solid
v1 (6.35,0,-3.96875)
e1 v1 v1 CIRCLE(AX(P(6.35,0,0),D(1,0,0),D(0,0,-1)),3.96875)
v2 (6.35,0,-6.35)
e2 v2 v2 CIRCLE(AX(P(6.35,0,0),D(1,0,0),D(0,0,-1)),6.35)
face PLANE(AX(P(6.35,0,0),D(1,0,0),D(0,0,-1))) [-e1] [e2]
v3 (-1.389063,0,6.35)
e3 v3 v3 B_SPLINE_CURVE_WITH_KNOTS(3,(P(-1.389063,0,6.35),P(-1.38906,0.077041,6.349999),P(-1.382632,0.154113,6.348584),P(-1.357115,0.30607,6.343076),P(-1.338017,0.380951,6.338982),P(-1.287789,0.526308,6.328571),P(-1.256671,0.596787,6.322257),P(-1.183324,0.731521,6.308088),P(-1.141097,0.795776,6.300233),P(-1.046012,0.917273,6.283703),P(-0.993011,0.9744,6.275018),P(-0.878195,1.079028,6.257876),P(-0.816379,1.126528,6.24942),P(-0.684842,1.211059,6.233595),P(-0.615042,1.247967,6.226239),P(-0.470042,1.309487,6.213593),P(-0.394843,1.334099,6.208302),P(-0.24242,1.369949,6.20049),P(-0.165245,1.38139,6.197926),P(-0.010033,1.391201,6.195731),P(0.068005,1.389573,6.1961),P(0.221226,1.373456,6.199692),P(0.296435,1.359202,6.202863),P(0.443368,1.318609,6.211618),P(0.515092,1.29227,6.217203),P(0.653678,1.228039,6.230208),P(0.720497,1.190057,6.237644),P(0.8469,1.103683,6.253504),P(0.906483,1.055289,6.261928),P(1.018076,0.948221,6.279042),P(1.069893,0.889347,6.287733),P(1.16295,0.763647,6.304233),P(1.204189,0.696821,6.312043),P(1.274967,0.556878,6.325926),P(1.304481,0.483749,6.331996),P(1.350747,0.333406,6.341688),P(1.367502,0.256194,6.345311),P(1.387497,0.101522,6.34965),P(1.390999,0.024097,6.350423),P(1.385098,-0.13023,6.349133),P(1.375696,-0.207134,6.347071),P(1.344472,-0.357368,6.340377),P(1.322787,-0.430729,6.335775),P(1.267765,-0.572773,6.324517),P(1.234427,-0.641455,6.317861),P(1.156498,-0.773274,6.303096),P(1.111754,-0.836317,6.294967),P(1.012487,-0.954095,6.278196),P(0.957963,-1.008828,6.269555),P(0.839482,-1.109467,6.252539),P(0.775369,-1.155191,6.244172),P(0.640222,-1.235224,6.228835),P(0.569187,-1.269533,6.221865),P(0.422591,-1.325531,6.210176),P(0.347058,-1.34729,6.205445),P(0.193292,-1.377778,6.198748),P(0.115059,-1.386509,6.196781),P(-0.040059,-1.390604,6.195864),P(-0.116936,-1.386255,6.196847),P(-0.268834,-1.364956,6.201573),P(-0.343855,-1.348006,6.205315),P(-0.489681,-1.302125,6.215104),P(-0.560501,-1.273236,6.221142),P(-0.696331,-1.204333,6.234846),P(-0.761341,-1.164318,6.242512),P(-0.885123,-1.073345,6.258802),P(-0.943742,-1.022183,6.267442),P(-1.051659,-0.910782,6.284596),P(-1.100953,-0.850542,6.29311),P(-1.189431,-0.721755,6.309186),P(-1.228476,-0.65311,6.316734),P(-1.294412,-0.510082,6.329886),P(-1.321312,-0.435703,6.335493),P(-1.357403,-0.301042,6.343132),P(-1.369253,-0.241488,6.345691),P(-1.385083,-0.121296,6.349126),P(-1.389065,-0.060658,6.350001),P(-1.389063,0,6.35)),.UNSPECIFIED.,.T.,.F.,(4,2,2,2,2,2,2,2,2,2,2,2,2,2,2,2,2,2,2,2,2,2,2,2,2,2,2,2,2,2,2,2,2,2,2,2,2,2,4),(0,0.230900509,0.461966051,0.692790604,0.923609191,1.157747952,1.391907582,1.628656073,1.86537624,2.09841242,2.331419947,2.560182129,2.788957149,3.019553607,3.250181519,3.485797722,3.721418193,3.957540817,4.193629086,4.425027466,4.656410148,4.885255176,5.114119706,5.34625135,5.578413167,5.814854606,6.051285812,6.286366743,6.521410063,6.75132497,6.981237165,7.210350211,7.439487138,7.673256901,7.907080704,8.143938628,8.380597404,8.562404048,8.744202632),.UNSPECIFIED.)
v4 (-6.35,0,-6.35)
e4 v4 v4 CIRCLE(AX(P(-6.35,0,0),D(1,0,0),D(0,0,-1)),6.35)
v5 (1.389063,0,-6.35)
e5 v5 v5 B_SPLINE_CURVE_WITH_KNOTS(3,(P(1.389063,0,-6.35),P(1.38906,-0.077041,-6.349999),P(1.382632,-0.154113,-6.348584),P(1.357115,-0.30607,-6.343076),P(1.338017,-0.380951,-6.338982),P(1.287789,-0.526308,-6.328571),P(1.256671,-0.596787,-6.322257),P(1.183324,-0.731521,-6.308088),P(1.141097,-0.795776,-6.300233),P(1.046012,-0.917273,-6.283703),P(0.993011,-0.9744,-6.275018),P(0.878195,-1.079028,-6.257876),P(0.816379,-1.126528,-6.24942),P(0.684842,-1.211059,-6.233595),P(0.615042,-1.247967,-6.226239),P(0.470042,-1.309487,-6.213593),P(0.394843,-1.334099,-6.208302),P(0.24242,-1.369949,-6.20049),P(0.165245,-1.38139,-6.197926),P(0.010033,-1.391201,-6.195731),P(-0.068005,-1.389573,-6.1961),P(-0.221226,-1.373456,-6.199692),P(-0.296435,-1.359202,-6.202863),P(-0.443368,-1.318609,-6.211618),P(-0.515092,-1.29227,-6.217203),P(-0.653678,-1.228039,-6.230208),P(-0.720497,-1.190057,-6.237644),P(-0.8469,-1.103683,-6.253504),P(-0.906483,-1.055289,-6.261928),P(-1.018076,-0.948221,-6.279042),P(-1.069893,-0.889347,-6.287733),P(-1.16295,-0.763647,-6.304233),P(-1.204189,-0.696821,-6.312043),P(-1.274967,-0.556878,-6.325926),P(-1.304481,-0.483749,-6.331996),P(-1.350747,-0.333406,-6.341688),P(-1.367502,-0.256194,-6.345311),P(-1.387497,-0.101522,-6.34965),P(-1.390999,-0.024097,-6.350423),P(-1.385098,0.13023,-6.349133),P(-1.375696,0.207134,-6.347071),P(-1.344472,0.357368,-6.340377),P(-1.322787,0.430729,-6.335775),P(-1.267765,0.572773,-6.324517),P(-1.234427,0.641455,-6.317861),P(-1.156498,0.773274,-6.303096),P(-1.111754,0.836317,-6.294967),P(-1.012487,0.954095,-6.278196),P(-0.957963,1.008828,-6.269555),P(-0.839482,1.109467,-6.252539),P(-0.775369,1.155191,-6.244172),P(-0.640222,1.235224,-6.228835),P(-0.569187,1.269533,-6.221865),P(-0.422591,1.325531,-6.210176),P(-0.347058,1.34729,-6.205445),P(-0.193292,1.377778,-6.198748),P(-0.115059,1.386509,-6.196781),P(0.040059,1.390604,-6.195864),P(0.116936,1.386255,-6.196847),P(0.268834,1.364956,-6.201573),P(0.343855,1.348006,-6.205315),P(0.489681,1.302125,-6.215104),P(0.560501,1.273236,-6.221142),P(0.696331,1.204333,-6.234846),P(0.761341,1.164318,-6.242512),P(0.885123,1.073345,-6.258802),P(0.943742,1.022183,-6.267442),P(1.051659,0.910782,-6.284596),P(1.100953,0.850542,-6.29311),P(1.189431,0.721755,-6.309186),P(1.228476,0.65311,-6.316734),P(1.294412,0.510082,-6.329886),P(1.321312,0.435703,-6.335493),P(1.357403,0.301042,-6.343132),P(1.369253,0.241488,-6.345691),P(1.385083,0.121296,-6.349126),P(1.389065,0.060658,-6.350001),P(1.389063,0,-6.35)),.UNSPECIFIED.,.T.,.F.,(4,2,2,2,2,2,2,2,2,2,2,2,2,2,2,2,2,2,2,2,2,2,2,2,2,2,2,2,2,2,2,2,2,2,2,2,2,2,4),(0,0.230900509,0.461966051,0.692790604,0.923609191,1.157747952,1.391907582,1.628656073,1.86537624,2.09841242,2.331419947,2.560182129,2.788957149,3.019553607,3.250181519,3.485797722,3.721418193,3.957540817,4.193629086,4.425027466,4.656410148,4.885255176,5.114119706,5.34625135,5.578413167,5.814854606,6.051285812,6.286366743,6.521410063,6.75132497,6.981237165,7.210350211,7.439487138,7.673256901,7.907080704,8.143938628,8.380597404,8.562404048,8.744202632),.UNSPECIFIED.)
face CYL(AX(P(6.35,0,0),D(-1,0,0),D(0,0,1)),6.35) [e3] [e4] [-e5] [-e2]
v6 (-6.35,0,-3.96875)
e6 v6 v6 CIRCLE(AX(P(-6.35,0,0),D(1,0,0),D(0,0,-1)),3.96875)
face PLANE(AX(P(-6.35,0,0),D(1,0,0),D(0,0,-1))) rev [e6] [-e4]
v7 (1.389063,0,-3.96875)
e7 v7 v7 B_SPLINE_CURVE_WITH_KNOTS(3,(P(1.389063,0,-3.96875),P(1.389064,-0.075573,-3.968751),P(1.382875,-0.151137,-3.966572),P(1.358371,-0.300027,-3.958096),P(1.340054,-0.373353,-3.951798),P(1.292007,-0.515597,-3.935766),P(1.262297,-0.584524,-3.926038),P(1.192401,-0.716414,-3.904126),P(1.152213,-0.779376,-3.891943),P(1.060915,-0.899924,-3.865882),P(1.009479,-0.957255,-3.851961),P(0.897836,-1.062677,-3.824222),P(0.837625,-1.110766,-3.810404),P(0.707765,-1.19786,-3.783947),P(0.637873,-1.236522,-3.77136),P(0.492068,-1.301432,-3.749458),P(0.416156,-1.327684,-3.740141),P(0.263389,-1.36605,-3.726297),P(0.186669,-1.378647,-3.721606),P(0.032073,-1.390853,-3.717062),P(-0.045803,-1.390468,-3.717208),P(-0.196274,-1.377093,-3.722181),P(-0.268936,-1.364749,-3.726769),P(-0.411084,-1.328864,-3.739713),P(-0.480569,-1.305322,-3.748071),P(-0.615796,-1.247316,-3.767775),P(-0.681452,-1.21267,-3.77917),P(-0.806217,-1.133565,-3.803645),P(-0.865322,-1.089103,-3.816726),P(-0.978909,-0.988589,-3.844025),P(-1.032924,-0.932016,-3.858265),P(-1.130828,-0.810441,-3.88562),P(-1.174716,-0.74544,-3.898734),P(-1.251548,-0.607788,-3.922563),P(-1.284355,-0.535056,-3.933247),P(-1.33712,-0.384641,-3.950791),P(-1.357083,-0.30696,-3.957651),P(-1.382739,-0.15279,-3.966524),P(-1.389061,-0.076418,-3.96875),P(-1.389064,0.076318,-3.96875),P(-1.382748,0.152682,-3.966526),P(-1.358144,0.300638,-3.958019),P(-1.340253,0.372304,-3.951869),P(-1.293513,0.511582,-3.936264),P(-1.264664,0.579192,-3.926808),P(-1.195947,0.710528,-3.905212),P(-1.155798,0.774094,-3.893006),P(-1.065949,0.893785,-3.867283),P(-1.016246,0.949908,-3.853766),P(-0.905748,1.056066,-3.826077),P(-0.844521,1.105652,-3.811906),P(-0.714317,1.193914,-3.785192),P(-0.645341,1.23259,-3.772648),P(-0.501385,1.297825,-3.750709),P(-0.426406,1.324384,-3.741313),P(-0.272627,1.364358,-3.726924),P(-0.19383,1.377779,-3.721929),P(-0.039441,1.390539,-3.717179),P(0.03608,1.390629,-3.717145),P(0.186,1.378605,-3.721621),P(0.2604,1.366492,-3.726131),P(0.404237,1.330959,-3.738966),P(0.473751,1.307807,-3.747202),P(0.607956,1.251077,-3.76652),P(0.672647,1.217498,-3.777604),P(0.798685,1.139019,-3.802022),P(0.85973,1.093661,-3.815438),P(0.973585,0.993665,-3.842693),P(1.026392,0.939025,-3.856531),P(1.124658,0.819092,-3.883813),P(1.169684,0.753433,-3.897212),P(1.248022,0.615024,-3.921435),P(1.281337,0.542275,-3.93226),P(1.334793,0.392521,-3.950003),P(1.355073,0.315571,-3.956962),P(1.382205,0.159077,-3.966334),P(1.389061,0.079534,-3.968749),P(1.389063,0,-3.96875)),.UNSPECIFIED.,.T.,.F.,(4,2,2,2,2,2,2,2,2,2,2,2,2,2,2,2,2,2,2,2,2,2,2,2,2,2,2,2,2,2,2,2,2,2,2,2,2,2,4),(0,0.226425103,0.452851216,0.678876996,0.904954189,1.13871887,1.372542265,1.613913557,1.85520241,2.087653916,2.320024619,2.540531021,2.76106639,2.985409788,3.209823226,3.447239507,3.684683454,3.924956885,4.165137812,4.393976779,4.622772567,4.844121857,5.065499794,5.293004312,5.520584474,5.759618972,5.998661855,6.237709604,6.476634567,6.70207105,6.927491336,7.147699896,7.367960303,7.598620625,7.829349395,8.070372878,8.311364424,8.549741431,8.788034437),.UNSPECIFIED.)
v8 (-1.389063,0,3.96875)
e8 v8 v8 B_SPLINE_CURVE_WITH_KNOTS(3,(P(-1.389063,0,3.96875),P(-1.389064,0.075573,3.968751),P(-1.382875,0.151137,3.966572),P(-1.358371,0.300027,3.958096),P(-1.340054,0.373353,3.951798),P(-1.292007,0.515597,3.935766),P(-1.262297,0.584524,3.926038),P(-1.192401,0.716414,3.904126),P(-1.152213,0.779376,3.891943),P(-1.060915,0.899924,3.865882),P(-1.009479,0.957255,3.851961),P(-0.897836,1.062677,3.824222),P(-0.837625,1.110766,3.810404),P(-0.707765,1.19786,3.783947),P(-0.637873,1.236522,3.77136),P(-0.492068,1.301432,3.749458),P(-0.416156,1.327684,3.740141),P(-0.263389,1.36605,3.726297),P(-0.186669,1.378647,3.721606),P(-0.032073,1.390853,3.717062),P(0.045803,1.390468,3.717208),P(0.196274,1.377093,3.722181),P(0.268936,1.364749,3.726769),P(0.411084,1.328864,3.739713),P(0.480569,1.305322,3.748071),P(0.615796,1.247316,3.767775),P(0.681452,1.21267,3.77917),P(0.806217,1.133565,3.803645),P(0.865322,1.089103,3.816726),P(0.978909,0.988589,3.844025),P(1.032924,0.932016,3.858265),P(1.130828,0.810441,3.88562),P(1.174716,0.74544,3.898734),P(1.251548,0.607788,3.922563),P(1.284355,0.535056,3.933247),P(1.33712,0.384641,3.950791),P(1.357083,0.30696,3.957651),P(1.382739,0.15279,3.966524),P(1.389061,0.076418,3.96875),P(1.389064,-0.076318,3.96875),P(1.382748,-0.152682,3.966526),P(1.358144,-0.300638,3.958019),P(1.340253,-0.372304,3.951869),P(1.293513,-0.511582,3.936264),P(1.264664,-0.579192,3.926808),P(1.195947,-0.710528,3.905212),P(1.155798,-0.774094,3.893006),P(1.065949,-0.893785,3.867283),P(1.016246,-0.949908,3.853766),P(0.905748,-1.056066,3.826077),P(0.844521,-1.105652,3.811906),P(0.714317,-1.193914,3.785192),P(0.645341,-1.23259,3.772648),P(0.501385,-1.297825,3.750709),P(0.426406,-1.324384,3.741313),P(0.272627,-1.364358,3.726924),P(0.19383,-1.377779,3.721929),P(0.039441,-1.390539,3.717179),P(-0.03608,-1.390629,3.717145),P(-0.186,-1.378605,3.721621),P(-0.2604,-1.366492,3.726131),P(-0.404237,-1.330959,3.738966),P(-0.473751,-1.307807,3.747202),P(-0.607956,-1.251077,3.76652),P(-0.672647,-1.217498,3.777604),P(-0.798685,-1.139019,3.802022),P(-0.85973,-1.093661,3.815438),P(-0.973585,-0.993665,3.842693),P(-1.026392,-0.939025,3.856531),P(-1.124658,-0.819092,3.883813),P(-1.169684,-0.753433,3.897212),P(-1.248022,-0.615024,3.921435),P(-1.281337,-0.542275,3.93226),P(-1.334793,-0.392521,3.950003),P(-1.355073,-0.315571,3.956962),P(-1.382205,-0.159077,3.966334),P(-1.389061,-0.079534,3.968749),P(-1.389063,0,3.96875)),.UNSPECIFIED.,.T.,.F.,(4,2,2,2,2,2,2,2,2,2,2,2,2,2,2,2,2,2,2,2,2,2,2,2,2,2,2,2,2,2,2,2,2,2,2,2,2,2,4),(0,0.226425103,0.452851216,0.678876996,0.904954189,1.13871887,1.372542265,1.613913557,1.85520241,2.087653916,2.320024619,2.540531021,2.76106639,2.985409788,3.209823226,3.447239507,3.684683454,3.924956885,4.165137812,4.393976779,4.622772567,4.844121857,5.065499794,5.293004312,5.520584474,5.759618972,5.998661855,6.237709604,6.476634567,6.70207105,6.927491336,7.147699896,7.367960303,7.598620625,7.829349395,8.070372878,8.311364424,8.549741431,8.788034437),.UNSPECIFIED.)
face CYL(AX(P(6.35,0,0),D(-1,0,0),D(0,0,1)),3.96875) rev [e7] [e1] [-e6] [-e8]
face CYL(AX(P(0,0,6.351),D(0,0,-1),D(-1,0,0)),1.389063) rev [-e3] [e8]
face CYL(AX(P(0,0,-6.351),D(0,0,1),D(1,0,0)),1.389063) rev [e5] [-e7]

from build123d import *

# Parameters (mm, degrees)
SKETCH1_R           = 6.35
SKETCH1_R_2         = 3.96875
EXTRUDE1_DEPTH      = 6.35
EXTRUDE1_DEPTH_BACK = 6.35
CUT_EXTRUDE1_START  = -6.35
SKETCH2_R           = 1.3890625
CUT_EXTRUDE1_DEPTH  = 12.7


with BuildPart() as part:
    # Sketch1 → Extrude1 (new body, two sides)
    with BuildSketch(Plane(origin=(0, 0, 0), x_dir=(0, 0, -1), z_dir=(1, 0, 0))) as extrude1_sk:
        Circle(SKETCH1_R)
        Circle(SKETCH1_R_2, mode=Mode.SUBTRACT)
    extrude(amount=EXTRUDE1_DEPTH)
    extrude(extrude1_sk.sketch, amount=-EXTRUDE1_DEPTH_BACK)

    # Sketch2 → Cut-Extrude1 (cut)
    with BuildSketch(Plane.XY.offset(CUT_EXTRUDE1_START)):
        Circle(SKETCH2_R)
    extrude(amount=CUT_EXTRUDE1_DEPTH, mode=Mode.SUBTRACT)


solid = part.part
